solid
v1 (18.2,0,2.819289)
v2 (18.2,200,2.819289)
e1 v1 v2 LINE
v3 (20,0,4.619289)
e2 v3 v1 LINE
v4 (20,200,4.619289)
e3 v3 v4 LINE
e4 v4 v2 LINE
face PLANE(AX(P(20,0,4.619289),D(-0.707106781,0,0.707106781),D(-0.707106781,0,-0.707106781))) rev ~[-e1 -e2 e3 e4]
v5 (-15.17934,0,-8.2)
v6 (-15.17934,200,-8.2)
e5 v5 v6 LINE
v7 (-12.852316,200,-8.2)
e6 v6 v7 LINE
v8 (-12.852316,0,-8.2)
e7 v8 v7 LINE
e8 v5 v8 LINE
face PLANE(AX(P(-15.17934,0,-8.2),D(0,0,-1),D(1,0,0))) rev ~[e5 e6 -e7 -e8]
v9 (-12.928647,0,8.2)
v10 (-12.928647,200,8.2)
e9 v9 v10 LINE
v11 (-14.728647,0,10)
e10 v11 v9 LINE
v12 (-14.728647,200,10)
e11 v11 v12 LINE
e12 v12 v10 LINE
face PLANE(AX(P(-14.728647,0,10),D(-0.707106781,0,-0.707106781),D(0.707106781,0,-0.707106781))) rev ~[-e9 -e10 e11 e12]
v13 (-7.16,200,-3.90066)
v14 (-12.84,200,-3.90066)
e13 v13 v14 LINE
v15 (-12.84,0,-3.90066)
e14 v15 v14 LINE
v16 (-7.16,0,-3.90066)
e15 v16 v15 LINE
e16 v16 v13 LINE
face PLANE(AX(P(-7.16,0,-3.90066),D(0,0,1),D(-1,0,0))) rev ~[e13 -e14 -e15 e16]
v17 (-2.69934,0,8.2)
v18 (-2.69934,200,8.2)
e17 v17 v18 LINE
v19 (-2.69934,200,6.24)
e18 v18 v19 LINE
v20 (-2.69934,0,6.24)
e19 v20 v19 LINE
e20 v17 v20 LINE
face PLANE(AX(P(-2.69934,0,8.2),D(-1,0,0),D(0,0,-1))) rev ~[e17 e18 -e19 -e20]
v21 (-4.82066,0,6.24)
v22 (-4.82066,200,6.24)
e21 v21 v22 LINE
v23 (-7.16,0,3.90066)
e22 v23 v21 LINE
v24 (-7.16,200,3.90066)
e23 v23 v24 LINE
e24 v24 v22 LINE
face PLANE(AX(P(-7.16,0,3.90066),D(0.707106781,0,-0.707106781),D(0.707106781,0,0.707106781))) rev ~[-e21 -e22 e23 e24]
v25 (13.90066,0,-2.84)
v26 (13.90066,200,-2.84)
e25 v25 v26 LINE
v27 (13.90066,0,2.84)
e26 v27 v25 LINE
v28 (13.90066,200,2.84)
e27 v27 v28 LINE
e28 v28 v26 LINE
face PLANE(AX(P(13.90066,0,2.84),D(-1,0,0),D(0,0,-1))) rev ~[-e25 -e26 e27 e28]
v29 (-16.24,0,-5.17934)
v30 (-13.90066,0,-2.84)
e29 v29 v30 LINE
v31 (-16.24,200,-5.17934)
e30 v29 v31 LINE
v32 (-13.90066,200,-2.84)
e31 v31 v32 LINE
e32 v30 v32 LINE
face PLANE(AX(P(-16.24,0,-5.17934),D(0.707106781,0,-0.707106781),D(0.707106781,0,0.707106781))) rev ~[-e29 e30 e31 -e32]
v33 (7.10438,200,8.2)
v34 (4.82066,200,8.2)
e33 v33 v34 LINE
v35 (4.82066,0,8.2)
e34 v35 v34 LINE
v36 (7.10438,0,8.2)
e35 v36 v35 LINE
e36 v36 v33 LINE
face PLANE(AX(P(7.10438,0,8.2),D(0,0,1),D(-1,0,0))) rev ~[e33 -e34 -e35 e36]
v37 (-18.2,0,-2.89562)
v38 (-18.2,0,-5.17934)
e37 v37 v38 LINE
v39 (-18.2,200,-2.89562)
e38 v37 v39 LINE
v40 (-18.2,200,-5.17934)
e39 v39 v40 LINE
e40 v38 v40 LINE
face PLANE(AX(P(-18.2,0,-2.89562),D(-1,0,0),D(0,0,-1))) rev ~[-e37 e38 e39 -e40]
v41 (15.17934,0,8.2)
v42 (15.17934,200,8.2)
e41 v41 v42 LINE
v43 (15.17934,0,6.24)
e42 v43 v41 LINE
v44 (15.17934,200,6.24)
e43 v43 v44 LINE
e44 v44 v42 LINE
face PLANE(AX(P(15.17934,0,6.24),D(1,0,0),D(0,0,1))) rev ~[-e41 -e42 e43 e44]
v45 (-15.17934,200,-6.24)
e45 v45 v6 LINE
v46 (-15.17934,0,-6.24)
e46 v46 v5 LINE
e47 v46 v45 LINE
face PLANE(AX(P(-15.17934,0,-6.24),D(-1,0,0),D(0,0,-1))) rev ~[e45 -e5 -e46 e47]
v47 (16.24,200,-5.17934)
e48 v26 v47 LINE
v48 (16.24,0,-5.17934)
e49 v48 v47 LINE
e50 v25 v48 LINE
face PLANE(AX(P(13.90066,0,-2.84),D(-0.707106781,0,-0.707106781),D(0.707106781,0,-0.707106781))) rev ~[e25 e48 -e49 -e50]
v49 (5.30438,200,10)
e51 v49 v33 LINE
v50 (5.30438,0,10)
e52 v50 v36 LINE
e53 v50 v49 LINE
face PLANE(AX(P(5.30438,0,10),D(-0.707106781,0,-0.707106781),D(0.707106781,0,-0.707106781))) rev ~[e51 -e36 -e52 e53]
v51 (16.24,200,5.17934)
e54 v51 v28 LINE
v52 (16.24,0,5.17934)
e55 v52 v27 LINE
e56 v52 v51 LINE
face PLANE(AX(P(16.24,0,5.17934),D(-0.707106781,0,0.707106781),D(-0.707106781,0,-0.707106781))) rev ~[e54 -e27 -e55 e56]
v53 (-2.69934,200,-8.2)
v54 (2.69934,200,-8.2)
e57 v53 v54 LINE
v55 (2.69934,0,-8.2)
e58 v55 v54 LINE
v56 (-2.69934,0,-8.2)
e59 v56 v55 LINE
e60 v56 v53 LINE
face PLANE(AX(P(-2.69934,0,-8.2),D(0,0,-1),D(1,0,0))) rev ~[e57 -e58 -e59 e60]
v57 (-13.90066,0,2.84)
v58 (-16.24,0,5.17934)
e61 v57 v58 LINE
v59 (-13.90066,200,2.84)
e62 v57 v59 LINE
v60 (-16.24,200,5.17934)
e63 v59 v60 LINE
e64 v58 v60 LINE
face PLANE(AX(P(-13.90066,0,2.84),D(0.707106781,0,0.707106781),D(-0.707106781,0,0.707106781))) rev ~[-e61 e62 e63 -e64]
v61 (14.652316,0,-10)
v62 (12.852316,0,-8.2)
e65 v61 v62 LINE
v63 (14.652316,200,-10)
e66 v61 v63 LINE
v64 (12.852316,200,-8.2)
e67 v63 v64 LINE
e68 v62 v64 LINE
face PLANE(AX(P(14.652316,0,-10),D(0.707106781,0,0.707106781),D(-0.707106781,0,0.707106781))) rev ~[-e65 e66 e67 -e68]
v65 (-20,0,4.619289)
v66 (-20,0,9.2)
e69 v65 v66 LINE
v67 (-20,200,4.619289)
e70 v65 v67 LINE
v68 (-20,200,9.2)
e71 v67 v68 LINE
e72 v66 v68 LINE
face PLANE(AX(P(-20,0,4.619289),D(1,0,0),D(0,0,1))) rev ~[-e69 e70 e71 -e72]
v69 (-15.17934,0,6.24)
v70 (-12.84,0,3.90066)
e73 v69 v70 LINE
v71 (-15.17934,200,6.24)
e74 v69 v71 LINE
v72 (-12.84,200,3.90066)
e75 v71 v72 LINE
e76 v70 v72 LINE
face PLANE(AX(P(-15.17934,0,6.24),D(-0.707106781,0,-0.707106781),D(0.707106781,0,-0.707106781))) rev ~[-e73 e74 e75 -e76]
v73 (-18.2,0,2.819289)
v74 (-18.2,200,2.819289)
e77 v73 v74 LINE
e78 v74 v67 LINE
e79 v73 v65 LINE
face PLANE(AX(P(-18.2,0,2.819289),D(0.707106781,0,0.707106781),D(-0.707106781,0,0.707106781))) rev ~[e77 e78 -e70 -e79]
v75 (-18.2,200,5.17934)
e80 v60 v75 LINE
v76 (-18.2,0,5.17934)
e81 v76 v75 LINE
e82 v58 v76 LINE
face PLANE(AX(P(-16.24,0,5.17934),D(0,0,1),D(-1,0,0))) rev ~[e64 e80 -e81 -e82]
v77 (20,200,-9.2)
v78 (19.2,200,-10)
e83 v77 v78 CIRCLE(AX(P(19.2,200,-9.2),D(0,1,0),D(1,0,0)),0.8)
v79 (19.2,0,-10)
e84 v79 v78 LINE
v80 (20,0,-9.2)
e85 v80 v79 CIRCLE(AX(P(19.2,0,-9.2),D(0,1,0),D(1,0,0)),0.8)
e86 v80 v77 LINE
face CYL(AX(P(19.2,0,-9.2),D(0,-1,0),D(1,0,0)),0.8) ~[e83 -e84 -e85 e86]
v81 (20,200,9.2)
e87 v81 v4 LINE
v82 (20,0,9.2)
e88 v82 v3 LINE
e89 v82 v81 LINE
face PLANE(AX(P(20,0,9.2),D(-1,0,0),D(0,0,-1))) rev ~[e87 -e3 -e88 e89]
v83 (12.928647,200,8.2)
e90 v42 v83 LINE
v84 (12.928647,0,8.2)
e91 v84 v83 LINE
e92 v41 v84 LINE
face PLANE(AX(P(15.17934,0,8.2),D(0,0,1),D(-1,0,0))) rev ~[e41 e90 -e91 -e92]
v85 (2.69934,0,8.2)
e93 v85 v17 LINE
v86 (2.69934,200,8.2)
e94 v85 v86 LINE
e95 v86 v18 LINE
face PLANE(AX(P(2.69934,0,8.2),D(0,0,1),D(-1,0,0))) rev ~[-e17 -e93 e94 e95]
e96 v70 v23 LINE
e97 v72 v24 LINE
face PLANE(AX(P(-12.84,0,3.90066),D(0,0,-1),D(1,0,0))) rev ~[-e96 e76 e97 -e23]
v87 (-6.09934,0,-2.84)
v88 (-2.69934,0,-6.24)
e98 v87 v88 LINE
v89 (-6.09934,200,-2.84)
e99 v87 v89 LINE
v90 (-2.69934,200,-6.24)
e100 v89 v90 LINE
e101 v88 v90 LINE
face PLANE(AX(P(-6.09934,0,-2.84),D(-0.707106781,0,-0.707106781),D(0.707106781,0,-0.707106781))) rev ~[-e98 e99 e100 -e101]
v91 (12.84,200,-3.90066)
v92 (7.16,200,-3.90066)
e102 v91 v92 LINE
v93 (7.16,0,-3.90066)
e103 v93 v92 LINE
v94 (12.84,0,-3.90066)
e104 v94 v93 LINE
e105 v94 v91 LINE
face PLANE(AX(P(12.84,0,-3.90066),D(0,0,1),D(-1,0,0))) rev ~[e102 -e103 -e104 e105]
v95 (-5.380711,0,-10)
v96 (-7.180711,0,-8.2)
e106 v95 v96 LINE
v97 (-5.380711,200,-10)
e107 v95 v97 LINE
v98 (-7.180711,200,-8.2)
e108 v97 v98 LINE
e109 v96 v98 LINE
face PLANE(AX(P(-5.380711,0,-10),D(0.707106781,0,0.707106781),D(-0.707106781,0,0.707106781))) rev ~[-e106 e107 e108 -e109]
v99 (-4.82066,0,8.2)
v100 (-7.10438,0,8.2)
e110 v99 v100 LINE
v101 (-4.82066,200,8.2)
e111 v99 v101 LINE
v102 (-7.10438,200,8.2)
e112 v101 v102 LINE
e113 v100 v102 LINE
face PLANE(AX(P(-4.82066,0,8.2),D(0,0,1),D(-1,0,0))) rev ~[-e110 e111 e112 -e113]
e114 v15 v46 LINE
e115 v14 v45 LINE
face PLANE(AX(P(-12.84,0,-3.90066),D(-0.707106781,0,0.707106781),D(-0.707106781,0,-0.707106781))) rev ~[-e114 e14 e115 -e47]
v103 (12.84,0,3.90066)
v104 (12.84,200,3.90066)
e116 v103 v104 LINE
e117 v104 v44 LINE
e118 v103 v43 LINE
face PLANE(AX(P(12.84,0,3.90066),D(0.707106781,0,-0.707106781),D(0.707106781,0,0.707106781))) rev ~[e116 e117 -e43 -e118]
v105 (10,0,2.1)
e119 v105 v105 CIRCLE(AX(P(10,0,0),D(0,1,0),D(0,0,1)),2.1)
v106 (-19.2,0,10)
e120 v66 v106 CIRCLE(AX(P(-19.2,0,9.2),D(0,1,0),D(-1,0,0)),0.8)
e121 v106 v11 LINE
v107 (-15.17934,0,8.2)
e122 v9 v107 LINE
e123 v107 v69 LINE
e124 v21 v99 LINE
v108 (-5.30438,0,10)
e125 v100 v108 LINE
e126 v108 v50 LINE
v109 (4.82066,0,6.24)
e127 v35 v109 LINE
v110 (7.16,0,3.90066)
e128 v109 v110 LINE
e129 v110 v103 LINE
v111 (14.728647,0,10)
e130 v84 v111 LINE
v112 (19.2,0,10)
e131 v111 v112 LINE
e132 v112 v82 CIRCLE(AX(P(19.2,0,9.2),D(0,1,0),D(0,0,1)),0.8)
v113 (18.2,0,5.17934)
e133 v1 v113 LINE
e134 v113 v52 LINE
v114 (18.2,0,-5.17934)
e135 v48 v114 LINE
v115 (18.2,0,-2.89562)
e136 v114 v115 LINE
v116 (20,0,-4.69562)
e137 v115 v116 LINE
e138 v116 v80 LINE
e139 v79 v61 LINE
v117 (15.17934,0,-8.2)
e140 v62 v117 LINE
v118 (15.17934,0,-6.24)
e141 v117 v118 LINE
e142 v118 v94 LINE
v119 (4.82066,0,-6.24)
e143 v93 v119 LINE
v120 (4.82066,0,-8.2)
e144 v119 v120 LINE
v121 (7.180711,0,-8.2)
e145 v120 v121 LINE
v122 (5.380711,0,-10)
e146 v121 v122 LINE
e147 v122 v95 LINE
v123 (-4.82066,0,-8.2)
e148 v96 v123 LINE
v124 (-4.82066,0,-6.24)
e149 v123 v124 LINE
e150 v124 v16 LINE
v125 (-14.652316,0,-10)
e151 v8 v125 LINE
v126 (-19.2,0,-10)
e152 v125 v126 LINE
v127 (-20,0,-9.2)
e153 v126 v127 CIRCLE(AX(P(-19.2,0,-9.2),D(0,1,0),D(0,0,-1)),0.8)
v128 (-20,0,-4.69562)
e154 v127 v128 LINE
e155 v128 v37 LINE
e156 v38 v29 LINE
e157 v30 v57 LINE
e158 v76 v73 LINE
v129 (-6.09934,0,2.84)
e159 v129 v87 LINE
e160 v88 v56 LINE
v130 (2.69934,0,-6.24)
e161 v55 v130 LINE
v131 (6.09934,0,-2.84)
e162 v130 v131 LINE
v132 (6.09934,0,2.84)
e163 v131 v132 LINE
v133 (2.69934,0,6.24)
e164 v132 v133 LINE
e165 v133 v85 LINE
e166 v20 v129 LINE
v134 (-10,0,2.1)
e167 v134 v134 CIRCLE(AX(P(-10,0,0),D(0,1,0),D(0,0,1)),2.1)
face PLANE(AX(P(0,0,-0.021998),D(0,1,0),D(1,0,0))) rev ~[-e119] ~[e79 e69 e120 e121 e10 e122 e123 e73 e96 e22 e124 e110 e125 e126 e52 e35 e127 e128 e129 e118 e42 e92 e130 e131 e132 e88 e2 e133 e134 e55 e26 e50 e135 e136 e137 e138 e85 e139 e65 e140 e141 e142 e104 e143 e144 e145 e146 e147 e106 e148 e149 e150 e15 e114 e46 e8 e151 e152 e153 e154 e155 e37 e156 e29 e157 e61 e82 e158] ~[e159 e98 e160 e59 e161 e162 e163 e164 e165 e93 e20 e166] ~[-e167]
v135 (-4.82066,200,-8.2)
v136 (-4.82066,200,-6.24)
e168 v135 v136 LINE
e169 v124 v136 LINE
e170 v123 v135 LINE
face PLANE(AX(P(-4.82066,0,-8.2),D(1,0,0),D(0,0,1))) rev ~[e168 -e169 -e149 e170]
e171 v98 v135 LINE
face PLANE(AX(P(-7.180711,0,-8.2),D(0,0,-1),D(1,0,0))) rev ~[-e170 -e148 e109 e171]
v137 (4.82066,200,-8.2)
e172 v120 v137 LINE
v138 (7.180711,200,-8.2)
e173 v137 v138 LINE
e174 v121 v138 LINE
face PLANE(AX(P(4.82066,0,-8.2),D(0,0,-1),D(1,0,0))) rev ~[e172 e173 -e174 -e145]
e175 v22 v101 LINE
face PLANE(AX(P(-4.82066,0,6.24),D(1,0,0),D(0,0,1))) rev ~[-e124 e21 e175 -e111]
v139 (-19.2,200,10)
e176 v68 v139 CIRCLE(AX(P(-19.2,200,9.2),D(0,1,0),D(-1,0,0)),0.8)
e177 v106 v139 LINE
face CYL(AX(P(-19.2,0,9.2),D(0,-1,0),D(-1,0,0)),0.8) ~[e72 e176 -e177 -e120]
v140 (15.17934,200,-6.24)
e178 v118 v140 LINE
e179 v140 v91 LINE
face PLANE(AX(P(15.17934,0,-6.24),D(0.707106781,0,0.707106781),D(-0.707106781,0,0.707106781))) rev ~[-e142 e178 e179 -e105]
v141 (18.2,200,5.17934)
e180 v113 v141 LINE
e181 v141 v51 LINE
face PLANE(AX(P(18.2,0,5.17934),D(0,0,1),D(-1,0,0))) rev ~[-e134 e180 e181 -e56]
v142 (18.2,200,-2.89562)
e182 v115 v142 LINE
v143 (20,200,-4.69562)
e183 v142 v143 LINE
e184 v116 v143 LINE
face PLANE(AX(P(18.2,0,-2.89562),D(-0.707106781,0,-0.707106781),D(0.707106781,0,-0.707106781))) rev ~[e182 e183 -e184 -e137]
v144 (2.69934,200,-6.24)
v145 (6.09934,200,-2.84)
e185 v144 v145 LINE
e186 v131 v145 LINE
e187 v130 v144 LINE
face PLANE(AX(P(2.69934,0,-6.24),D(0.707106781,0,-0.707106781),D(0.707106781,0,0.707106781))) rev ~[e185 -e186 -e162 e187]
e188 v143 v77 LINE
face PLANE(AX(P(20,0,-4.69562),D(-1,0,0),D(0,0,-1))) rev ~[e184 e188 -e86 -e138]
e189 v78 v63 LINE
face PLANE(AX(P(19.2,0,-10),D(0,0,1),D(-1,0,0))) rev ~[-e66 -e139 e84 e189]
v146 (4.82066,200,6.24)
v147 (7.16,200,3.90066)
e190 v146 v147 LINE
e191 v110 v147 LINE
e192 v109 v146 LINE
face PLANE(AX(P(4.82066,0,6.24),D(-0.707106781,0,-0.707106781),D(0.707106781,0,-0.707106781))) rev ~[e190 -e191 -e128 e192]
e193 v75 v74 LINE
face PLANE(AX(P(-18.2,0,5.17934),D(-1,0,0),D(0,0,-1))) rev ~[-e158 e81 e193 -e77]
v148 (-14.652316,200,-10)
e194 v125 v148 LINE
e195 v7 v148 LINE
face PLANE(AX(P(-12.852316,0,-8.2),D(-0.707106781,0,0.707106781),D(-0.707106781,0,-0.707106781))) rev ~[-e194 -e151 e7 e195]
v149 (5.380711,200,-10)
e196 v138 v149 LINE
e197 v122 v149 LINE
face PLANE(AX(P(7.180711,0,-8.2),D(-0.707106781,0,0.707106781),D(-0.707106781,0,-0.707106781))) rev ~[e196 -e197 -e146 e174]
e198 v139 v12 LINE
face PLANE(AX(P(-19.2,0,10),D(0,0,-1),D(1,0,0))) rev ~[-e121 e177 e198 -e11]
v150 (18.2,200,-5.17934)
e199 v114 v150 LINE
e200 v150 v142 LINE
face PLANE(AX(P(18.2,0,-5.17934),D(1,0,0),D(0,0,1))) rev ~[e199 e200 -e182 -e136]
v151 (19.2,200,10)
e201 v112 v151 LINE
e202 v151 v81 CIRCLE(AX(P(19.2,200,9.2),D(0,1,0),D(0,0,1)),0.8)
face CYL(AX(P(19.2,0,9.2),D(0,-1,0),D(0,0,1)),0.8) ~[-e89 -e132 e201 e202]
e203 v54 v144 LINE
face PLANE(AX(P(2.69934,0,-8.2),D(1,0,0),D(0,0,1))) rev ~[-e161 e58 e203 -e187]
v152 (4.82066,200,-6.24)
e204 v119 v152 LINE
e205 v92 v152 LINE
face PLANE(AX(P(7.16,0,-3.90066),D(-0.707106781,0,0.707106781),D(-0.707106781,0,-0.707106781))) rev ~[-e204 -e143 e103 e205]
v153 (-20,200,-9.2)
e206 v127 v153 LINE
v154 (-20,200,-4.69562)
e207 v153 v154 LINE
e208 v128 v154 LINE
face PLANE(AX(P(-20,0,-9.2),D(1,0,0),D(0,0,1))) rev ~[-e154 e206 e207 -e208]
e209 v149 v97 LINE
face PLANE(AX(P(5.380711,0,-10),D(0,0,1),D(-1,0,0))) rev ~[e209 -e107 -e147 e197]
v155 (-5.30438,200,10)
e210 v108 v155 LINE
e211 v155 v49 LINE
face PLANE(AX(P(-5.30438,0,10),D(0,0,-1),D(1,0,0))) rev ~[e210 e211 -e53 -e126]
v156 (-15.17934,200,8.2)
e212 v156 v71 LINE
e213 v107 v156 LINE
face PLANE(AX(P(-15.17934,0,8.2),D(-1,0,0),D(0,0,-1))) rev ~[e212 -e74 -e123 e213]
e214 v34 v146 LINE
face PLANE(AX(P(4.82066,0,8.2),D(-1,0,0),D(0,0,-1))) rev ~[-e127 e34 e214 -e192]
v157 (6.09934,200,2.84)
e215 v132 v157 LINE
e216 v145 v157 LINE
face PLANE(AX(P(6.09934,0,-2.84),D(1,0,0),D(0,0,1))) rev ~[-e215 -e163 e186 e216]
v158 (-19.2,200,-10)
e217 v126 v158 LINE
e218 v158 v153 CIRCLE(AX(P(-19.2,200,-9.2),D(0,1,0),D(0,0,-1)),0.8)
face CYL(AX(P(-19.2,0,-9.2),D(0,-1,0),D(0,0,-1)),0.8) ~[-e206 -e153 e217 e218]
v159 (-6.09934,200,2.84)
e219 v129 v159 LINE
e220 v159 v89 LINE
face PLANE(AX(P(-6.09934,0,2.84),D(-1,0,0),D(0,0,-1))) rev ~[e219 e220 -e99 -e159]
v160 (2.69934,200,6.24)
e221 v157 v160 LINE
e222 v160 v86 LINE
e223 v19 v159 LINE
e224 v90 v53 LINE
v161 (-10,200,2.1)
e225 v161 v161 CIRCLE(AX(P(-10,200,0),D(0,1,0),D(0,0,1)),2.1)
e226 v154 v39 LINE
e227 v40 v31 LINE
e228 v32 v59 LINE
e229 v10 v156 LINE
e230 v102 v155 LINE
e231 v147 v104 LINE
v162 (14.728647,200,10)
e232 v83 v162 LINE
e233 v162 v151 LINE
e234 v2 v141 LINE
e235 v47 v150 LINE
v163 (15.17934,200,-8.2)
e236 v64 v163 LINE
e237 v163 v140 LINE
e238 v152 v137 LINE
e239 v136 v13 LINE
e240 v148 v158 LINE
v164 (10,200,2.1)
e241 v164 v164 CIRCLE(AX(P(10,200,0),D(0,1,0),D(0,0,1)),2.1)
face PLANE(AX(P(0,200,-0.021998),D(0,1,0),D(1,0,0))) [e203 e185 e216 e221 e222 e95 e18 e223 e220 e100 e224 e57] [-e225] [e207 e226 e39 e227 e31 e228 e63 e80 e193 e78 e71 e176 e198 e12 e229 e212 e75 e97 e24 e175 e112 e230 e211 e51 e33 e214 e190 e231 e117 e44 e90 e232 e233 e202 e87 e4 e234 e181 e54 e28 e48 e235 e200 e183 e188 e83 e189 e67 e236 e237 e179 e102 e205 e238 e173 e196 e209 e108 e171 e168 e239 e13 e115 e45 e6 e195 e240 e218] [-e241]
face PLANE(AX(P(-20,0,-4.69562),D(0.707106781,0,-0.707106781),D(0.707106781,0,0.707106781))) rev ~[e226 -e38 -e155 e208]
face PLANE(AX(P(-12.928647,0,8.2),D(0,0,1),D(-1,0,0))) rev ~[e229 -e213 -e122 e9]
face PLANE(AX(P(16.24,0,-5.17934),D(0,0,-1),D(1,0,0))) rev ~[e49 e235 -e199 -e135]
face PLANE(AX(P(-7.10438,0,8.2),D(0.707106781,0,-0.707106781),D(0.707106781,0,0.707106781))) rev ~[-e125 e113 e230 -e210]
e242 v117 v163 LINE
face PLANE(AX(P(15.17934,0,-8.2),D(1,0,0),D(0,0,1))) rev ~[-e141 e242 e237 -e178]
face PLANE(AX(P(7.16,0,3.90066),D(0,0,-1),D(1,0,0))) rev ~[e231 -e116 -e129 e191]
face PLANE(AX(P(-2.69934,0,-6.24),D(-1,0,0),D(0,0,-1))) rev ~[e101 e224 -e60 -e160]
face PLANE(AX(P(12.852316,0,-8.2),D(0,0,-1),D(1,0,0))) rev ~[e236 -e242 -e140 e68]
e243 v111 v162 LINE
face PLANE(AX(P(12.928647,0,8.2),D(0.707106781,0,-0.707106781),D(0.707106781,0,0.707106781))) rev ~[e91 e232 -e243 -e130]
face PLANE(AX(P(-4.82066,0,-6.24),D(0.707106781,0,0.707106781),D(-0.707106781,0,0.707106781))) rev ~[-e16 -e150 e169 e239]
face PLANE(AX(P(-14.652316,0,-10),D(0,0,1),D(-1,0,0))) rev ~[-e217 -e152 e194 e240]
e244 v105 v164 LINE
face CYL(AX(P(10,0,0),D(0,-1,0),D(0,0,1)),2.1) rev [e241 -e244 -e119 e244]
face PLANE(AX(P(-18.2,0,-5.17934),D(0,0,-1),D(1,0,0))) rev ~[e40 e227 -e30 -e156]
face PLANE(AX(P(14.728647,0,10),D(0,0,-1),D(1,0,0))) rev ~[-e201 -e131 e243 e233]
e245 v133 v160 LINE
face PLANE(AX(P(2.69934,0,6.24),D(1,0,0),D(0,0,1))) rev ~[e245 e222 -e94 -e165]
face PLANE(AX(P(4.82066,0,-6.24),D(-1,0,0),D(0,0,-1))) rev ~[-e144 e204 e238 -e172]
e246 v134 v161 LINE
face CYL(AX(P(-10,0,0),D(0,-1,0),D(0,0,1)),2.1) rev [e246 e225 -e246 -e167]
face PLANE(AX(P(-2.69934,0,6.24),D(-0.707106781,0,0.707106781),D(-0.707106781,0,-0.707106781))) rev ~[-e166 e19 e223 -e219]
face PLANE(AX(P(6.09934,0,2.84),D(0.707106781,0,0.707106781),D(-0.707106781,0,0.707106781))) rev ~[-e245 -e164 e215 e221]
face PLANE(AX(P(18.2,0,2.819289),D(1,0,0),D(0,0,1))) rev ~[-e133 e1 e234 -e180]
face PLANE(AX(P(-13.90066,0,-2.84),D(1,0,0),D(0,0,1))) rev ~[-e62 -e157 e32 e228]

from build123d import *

# Parameters (mm, degrees)
SKETCH3_R               = 2.1
SALIENTE_EXTRUIR1_DEPTH = 200


with BuildPart() as part:
    # Sketch3 → Saliente-Extruir1 (new body)
    with BuildSketch(Plane(origin=(0, 0, 0), x_dir=(1, 0, 0), z_dir=(0, 1, 0))):
        with BuildLine():
            Line((-19.2, -10), (-14.728647189, -10))
            Line((-14.728647189, -10), (-12.928647189, -8.2))
            Line((-12.928647189, -8.2), (-15.179339828, -8.2))
            Line((-15.179339828, -8.2), (-15.179339828, -6.24))
            Line((-15.179339828, -6.24), (-12.84, -3.900660172))
            Line((-12.84, -3.900660172), (-7.16, -3.900660172))
            Line((-7.16, -3.900660172), (-4.820660172, -6.24))
            Line((-4.820660172, -6.24), (-4.820660172, -8.2))
            Line((-4.820660172, -8.2), (-7.104380066, -8.2))
            Line((-7.104380066, -8.2), (-5.304380066, -10))
            Line((-5.304380066, -10), (0, -10))
            Line((0, -10), (5.304380066, -10))
            Line((5.304380066, -10), (7.104380066, -8.2))
            Line((7.104380066, -8.2), (4.820660172, -8.2))
            Line((4.820660172, -8.2), (4.820660172, -6.24))
            Line((4.820660172, -6.24), (7.16, -3.900660172))
            Line((7.16, -3.900660172), (12.84, -3.900660172))
            Line((12.84, -3.900660172), (15.179339828, -6.24))
            Line((15.179339828, -6.24), (15.179339828, -8.2))
            Line((15.179339828, -8.2), (12.928647189, -8.2))
            Line((12.928647189, -8.2), (14.728647189, -10))
            Line((14.728647189, -10), (19.2, -10))
            ThreePointArc((19.2, -10), (19.765685425, -9.765685425), (20, -9.2))
            Line((20, -9.2), (20, -4.619288759))
            Line((20, -4.619288759), (18.2, -2.819288759))
            Line((18.2, -2.819288759), (18.2, -5.179339828))
            Line((18.2, -5.179339828), (16.24, -5.179339828))
            Line((16.24, -5.179339828), (13.900660172, -2.84))
            Line((13.900660172, -2.84), (13.900660172, 2.84))
            Line((13.900660172, 2.84), (16.24, 5.179339828))
            Line((16.24, 5.179339828), (18.2, 5.179339828))
            Line((18.2, 5.179339828), (18.2, 2.895619934))
            Line((18.2, 2.895619934), (20, 4.695619934))
            Line((20, 4.695619934), (20, 9.2))
            ThreePointArc((20, 9.2), (19.765685425, 9.765685425), (19.2, 10))
            Line((19.2, 10), (14.652316014, 10))
            Line((14.652316014, 10), (12.852316014, 8.2))
            Line((12.852316014, 8.2), (15.179339828, 8.2))
            Line((15.179339828, 8.2), (15.179339828, 6.24))
            Line((15.179339828, 6.24), (12.84, 3.900660172))
            Line((12.84, 3.900660172), (7.16, 3.900660172))
            Line((7.16, 3.900660172), (4.820660172, 6.24))
            Line((4.820660172, 6.24), (4.820660172, 8.2))
            Line((4.820660172, 8.2), (7.180711241, 8.2))
            Line((7.180711241, 8.2), (5.380711241, 10))
            Line((5.380711241, 10), (0, 10))
            Line((0, 10), (-5.380711241, 10))
            Line((-5.380711241, 10), (-7.180711241, 8.2))
            Line((-7.180711241, 8.2), (-4.820660172, 8.2))
            Line((-4.820660172, 8.2), (-4.820660172, 6.24))
            Line((-4.820660172, 6.24), (-7.16, 3.900660172))
            Line((-7.16, 3.900660172), (-12.84, 3.900660172))
            Line((-12.84, 3.900660172), (-15.179339828, 6.24))
            Line((-15.179339828, 6.24), (-15.179339828, 8.2))
            Line((-15.179339828, 8.2), (-12.852316014, 8.2))
            Line((-12.852316014, 8.2), (-14.652316014, 10))
            Line((-14.652316014, 10), (-19.2, 10))
            ThreePointArc((-19.2, 10), (-19.765685425, 9.765685425), (-20, 9.2))
            Line((-20, 9.2), (-20, 4.695619934))
            Line((-20, 4.695619934), (-18.2, 2.895619934))
            Line((-18.2, 2.895619934), (-18.2, 5.179339828))
            Line((-18.2, 5.179339828), (-16.24, 5.179339828))
            Line((-16.24, 5.179339828), (-13.900660172, 2.84))
            Line((-13.900660172, 2.84), (-13.900660172, -2.84))
            Line((-13.900660172, -2.84), (-16.24, -5.179339828))
            Line((-16.24, -5.179339828), (-18.2, -5.179339828))
            Line((-18.2, -5.179339828), (-18.2, -2.819288759))
            Line((-18.2, -2.819288759), (-20, -4.619288759))
            Line((-20, -4.619288759), (-20, -9.2))
            ThreePointArc((-20, -9.2), (-19.765685425, -9.765685425), (-19.2, -10))
        make_face()
        with Locations(Location((-10, 0, 0), (0, 0, 270))):
            Circle(SKETCH3_R, mode=Mode.SUBTRACT)
        with Locations(Location((10, 0, 0), (0, 0, 270))):
            Circle(SKETCH3_R, mode=Mode.SUBTRACT)
        Polygon((-2.699339828, -6.24), (-6.099339828, -2.84), (-6.099339828, 2.84), (-2.699339828, 6.24), (-2.699339828, 8.2), (2.699339828, 8.2), (2.699339828, 6.24), (6.099339828, 2.84), (6.099339828, -2.84), (2.699339828, -6.24), (2.699339828, -8.2), (-2.699339828, -8.2), align=None, mode=Mode.SUBTRACT)
    extrude(amount=SALIENTE_EXTRUIR1_DEPTH)


solid = part.part
